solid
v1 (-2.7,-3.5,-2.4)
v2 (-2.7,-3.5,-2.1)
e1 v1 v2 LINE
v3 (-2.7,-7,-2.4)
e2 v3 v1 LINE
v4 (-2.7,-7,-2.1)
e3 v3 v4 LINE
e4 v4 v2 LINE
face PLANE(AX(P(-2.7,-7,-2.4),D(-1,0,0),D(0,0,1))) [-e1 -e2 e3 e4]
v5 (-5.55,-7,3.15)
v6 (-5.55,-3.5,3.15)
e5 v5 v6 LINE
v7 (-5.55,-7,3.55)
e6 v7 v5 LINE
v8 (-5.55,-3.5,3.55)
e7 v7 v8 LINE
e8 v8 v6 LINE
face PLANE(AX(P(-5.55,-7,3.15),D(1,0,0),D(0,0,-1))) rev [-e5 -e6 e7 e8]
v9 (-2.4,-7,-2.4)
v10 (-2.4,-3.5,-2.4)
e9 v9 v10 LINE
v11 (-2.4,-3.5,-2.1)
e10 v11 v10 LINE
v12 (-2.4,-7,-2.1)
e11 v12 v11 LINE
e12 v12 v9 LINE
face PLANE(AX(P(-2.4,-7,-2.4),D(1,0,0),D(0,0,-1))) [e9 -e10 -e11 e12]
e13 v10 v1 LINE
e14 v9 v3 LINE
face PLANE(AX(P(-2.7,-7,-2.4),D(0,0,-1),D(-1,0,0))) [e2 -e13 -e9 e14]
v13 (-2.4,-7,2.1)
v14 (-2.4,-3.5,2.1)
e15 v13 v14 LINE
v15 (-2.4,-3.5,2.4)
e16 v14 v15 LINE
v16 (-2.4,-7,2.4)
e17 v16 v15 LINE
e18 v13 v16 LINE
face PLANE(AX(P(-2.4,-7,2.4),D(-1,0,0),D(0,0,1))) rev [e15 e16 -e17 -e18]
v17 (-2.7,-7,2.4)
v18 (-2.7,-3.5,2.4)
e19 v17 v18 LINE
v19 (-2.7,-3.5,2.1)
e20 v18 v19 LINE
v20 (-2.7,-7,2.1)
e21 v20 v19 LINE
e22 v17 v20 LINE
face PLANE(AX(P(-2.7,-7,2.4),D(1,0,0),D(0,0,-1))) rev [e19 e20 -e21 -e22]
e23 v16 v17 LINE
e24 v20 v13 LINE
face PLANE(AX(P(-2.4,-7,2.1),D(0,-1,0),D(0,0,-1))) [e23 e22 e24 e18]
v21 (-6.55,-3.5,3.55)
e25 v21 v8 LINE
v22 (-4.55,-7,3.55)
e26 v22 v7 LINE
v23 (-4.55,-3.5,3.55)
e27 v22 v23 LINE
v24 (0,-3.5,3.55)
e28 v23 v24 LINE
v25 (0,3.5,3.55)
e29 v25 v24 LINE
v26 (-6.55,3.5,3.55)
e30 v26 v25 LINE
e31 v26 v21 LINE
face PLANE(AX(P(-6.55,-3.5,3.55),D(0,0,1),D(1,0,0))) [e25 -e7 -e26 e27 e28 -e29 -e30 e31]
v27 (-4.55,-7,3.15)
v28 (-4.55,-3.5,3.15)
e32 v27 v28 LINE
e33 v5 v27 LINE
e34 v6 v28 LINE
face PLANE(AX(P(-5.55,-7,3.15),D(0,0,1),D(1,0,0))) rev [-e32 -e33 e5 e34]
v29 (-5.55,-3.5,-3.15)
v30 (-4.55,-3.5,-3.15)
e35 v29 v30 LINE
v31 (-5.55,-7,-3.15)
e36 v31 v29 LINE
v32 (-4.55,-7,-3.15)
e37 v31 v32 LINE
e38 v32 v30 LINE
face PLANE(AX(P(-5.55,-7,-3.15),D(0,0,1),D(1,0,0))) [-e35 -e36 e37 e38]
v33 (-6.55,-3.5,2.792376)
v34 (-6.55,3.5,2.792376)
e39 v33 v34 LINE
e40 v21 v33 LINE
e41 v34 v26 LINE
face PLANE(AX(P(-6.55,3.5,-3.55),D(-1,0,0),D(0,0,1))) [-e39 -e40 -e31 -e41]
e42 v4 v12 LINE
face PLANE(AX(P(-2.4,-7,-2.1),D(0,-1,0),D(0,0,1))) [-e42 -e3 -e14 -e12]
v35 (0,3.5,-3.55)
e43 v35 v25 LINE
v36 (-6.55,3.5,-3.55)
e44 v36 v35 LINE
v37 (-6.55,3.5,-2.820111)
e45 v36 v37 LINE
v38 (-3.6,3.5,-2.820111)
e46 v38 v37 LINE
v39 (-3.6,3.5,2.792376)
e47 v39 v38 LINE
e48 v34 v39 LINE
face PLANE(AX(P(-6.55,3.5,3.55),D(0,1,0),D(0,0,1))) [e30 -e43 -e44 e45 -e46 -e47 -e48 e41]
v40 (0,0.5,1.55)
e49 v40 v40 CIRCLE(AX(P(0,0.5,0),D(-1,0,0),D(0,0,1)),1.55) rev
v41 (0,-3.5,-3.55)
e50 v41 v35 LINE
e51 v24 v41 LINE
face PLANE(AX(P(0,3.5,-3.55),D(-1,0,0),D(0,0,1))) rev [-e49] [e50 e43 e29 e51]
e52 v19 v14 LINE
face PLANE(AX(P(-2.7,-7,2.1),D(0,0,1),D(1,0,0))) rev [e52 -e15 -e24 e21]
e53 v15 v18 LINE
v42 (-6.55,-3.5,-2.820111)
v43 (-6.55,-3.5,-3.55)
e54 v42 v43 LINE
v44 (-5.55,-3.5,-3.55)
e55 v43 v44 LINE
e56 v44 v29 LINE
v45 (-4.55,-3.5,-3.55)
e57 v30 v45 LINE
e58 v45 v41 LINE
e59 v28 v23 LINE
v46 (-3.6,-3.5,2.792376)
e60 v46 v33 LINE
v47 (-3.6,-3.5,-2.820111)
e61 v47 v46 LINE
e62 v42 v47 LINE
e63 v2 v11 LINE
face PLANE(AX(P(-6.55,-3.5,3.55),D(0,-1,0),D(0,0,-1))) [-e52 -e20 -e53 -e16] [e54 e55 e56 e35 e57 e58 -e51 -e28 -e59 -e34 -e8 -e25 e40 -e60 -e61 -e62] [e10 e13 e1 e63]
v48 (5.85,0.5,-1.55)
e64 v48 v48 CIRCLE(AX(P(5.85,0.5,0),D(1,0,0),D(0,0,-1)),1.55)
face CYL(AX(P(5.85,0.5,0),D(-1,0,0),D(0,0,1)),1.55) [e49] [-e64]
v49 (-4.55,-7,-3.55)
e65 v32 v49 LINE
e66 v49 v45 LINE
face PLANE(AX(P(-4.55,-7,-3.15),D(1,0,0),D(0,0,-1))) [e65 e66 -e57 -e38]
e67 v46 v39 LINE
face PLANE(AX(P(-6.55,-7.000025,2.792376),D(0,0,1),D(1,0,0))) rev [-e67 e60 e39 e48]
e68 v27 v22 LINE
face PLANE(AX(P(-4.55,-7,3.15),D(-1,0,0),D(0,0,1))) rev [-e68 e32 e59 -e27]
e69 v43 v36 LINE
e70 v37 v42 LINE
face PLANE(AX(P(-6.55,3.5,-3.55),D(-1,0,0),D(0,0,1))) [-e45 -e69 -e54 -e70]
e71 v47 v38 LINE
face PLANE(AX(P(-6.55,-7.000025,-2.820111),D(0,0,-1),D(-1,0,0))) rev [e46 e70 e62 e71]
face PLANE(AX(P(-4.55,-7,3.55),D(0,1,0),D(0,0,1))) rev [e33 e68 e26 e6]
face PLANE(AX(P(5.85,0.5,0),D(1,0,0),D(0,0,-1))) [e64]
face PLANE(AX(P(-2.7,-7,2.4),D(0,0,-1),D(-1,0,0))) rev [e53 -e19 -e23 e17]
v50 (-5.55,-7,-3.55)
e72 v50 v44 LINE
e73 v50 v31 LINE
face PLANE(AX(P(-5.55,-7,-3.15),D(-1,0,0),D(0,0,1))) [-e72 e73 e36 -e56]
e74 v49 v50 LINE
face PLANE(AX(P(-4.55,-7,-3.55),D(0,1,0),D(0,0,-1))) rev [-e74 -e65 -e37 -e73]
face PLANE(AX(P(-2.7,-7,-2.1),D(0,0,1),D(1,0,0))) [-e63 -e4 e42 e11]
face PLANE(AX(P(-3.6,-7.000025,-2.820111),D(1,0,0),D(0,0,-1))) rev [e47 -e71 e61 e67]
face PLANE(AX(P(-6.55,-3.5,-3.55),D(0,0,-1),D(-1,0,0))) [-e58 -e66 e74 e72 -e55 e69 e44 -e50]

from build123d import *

# Parameters (mm, degrees)
SKETCH1_W           = 7.1
SKETCH1_H           = 7
BOSS_EXTRUDE1_DEPTH = 6.55
SKETCH2_W           = 0.3
SKETCH2_H           = 0.3
SKETCH2_W_2         = 1
SKETCH2_H_2         = 0.4
BOSS_EXTRUDE2_DEPTH = 3.5
SKETCH3_W           = 2.95
SKETCH3_H           = 5.612486488
CUT_EXTRUDE1_DEPTH  = 13.874587372
SKETCH4_R           = 1.55
BOSS_EXTRUDE3_DEPTH = 5.85


with BuildPart() as part:
    # Sketch1 → Boss-Extrude1 (new body)
    with BuildSketch(Plane(origin=(0, 0, 0), x_dir=(0, 0, -1), z_dir=(1, 0, 0))):
        Rectangle(SKETCH1_W, SKETCH1_H)
    extrude(amount=-BOSS_EXTRUDE1_DEPTH)

    # Sketch2 → Boss-Extrude2 (add)
    with BuildSketch(Plane.XZ.offset(3.5)):
        with Locations((-2.55, 2.25)):
            Rectangle(SKETCH2_W, SKETCH2_H)
        with Locations((-5.05, 3.35)):
            Rectangle(SKETCH2_W_2, SKETCH2_H_2)
    boss_extrude2 = extrude(amount=BOSS_EXTRUDE2_DEPTH)

    # Mirror1: Boss-Extrude2 across plane
    add(boss_extrude2.mirror(Plane.XY))

    # Sketch3 → Cut-Extrude1 (cut, through all)
    with BuildSketch(Plane(origin=(0, 3.5, 0), x_dir=(1, 0, 0), z_dir=(0, 1, 0))):
        with Locations((-5.075, 0.013867293)):
            Rectangle(SKETCH3_W, SKETCH3_H)
    extrude(amount=-CUT_EXTRUDE1_DEPTH, mode=Mode.SUBTRACT)

    # Sketch4 → Boss-Extrude3 (add)
    with BuildSketch(Plane(origin=(0, 0, 0), x_dir=(0, 0, -1), z_dir=(1, 0, 0))):
        with Locations(Location((0, 0.5, 0), (0, 0, 180))):
            Circle(SKETCH4_R)
    extrude(amount=BOSS_EXTRUDE3_DEPTH)


solid = part.part
